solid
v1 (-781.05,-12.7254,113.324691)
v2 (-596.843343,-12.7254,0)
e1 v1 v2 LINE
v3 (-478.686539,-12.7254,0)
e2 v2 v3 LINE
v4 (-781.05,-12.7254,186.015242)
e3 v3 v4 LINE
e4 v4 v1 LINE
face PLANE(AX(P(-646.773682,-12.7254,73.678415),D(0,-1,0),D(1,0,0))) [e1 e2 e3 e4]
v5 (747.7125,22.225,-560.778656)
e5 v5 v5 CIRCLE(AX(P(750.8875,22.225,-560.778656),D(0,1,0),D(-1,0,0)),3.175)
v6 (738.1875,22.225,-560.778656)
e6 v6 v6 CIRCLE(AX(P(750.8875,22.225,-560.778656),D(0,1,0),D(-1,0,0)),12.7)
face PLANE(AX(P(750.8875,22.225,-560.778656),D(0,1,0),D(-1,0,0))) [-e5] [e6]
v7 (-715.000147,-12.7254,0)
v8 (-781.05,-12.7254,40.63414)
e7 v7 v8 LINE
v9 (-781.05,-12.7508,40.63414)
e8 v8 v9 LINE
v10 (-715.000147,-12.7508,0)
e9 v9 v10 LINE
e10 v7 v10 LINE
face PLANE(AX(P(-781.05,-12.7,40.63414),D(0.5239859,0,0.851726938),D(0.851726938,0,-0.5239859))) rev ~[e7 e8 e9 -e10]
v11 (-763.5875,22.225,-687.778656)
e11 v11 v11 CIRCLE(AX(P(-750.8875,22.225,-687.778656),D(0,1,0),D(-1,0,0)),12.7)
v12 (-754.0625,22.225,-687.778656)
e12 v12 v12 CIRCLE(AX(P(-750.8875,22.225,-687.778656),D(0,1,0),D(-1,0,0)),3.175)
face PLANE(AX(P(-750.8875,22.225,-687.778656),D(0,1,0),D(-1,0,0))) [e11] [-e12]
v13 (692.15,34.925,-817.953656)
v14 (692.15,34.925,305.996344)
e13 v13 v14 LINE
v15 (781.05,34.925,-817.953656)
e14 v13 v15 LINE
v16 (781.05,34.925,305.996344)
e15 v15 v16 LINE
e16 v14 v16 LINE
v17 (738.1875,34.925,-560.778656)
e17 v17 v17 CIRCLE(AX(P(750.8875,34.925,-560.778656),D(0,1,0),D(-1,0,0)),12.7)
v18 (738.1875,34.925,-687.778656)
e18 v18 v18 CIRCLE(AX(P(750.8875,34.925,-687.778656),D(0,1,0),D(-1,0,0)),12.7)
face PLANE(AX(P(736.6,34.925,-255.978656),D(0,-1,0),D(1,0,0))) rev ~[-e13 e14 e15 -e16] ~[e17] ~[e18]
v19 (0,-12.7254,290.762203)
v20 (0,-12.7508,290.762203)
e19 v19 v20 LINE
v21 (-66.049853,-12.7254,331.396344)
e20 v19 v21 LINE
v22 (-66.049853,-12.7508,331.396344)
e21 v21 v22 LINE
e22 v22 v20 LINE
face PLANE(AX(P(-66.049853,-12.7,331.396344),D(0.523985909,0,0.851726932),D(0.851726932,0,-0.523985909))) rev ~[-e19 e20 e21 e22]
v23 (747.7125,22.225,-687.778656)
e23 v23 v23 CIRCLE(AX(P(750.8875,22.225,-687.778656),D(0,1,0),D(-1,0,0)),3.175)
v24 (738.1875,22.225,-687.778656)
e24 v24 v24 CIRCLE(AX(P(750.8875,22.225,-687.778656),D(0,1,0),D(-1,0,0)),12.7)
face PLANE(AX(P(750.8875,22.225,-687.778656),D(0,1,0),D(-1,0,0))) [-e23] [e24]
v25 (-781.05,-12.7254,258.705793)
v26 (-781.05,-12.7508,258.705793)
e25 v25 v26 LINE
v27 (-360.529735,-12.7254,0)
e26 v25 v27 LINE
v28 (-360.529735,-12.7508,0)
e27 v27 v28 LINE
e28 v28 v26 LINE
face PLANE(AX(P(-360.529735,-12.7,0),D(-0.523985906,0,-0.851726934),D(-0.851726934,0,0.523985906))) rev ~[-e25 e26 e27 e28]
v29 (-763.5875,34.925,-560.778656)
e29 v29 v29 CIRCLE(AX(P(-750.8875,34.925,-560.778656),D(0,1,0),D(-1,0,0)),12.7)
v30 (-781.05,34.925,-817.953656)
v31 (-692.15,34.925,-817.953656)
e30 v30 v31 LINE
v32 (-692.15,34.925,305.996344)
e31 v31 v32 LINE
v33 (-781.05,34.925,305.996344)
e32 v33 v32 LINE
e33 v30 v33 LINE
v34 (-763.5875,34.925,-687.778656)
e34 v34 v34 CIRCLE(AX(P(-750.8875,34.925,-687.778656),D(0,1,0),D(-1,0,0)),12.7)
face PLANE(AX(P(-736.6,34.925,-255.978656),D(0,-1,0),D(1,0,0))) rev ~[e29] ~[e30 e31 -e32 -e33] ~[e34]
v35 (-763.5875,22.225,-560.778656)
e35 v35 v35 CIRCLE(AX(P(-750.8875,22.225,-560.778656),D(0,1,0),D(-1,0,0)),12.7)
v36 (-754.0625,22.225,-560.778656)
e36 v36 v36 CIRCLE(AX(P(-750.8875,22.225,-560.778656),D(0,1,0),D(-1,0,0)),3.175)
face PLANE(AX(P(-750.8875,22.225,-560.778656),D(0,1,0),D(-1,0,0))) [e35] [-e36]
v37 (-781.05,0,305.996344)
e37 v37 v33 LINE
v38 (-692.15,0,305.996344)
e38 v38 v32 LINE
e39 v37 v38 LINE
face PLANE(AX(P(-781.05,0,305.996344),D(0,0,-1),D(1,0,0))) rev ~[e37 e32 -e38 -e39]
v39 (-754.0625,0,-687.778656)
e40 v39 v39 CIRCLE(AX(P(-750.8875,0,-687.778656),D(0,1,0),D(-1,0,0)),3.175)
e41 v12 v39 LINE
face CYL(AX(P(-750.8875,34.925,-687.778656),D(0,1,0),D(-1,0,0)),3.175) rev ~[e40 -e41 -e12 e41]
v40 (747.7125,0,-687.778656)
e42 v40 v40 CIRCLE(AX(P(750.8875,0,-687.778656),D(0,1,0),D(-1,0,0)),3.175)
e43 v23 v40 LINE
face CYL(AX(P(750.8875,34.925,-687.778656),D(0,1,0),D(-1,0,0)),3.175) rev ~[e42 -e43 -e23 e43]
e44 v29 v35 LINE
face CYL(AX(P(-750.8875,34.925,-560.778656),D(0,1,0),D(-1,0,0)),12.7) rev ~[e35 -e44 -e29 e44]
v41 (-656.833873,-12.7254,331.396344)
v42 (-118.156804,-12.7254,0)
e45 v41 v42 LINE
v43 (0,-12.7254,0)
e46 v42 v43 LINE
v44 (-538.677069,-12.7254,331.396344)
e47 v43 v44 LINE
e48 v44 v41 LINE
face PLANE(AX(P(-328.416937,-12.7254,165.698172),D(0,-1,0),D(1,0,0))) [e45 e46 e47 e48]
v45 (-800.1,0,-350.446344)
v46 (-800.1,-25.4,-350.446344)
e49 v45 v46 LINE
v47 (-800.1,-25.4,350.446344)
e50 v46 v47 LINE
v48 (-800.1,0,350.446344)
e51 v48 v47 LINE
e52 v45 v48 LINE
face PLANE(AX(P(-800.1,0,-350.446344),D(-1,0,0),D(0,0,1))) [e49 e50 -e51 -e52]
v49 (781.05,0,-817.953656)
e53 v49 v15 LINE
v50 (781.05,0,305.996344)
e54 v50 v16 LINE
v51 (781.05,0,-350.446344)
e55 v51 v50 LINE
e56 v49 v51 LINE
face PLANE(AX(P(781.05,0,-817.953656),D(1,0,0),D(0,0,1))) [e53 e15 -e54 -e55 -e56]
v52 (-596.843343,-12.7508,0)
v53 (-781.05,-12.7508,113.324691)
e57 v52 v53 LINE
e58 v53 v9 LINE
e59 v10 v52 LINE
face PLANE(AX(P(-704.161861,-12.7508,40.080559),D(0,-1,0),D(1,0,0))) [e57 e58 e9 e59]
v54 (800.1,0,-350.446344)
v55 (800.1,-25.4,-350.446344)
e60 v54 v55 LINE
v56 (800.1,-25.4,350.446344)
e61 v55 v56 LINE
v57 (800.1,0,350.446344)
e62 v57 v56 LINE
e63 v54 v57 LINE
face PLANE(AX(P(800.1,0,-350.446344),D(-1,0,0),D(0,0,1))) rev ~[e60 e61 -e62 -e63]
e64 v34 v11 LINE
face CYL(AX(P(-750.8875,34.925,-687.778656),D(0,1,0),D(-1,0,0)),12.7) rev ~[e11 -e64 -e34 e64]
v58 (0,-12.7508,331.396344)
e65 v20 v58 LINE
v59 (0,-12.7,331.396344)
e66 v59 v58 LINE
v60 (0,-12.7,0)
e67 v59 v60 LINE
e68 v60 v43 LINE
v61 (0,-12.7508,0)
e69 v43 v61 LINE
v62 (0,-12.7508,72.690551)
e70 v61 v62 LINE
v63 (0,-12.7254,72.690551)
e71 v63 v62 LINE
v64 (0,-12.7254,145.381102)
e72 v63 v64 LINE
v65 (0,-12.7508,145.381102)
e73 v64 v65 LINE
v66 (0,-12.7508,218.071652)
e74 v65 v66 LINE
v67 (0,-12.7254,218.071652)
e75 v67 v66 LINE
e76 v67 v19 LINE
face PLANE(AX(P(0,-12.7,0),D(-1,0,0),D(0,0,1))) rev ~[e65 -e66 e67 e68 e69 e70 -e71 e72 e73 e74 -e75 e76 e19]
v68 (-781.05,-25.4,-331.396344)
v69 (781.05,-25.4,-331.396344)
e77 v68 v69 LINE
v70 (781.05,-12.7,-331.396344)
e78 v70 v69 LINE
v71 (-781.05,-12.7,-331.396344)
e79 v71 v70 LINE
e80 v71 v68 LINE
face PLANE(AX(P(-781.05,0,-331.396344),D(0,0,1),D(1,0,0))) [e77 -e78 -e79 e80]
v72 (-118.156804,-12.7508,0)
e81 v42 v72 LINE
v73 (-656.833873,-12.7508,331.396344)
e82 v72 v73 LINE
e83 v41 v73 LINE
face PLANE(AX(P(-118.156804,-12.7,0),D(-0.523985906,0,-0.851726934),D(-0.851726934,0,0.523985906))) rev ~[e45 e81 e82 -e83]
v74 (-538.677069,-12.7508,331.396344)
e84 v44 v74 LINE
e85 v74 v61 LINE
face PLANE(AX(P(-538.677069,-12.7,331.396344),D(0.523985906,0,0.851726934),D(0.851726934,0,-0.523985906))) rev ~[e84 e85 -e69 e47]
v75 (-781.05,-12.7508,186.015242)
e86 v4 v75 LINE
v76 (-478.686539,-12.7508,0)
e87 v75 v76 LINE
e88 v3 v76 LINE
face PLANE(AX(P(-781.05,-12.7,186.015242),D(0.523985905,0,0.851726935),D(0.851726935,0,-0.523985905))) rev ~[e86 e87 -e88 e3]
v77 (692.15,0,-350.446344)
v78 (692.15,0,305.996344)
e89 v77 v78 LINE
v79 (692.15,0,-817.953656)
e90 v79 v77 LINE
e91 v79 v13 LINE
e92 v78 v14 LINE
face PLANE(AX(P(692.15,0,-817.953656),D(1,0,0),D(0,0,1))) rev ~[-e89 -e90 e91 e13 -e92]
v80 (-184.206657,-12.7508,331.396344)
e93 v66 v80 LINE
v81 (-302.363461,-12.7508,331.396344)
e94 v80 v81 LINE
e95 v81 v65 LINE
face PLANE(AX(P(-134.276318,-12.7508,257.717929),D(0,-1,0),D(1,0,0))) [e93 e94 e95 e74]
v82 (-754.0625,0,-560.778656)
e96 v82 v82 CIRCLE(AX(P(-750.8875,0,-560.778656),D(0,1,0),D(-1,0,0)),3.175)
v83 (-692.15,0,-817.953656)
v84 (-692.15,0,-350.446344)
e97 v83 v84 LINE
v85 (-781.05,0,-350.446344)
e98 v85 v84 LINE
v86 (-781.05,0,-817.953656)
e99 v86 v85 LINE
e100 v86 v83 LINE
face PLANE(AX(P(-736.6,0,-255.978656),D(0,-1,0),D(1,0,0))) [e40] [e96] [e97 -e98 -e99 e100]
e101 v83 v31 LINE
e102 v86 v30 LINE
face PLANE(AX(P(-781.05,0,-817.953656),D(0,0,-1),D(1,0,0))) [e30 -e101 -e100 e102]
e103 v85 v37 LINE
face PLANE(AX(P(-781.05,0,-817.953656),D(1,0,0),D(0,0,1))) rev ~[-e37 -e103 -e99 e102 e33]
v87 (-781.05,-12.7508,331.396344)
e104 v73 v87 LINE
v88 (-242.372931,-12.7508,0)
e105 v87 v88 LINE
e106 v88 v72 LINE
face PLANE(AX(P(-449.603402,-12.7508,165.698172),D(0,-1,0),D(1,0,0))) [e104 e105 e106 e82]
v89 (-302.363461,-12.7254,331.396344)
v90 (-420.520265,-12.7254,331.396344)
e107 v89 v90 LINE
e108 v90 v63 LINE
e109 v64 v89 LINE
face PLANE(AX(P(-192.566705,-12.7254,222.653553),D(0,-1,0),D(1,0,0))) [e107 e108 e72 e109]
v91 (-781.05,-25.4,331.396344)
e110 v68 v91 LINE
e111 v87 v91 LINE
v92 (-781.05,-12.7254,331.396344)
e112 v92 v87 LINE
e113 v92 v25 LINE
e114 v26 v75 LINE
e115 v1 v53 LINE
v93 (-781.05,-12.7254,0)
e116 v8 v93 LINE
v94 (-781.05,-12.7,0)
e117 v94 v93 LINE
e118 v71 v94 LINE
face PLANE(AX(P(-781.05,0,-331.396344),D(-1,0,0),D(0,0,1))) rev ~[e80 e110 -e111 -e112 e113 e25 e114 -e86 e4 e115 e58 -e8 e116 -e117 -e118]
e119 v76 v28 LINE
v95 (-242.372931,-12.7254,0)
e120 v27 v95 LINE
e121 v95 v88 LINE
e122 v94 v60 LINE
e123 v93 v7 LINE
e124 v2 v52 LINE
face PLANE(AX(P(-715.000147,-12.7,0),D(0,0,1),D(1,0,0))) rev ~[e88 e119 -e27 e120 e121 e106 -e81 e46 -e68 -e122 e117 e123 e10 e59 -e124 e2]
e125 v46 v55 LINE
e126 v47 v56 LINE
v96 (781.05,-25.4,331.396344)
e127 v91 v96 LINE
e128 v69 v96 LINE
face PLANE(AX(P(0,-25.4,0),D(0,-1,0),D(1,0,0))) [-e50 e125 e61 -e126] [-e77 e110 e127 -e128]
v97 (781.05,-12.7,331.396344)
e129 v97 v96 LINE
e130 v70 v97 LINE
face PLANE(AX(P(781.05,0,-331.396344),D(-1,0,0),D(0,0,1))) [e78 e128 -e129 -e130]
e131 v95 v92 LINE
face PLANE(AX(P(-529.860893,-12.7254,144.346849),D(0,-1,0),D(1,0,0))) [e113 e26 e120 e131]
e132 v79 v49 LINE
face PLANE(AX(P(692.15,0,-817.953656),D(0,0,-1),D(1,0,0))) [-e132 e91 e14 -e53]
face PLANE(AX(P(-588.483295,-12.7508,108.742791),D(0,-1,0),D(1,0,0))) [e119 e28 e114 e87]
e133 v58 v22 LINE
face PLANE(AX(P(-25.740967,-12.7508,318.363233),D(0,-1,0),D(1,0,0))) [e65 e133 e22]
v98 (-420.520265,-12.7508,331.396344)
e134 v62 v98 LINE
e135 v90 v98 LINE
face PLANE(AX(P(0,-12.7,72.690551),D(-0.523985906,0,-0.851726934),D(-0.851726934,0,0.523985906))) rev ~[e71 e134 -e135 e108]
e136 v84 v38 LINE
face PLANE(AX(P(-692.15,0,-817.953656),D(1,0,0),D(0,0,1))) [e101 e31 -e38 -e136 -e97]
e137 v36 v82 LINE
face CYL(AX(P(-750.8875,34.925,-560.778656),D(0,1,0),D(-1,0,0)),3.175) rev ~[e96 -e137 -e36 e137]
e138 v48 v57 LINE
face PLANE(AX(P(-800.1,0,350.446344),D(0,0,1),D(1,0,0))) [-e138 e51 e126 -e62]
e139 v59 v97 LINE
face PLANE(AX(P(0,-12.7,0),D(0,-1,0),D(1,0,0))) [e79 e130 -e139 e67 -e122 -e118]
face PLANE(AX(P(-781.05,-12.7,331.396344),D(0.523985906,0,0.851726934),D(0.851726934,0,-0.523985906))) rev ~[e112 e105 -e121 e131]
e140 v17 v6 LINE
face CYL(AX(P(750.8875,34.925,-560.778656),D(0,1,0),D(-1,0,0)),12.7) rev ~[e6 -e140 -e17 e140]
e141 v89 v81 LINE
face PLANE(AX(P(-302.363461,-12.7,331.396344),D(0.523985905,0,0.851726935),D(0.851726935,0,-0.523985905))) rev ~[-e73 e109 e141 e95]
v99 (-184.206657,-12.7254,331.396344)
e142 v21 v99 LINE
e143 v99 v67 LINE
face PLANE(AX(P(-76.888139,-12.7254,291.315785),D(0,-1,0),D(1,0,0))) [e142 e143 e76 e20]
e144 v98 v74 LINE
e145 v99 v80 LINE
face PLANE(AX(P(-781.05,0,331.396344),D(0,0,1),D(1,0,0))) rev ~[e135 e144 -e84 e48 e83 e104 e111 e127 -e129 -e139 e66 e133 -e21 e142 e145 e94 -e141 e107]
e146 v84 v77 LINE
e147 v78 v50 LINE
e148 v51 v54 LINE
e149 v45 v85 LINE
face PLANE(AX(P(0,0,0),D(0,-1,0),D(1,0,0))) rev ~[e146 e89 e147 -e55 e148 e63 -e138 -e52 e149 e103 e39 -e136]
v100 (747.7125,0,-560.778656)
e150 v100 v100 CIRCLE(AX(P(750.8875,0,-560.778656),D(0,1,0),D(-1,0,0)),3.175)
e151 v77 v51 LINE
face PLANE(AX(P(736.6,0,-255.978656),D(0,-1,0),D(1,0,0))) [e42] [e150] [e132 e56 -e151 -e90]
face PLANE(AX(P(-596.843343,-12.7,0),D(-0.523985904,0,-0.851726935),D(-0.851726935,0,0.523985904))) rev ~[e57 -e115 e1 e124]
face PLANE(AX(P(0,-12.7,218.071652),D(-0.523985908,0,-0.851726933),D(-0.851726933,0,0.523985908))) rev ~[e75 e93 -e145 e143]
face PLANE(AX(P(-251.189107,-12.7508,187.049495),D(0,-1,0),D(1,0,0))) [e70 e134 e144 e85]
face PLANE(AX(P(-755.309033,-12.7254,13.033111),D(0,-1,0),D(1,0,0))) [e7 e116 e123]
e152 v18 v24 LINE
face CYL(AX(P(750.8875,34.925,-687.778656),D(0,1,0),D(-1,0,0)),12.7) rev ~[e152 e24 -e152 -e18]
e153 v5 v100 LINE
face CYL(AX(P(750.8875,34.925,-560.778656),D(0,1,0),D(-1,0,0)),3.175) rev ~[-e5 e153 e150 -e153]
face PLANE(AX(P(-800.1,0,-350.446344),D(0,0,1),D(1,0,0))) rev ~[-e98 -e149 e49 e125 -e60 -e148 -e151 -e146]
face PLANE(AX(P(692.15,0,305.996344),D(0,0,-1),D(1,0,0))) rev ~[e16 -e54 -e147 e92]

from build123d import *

# Parameters (mm, degrees)
F0_W      = 1562.1
F0_H      = 662.792688
F1_DEPTH  = 12.7
F2_W      = 1600.2
F2_H      = 700.892688
F2_W_2    = 1562.1
F2_H_2    = 662.792688
F3_DEPTH  = 25.4
F5_DEPTH  = 0.0254
F7_DEPTH  = 0.0508
F8_W      = 88.9
F8_H      = 1123.95
F9_DEPTH  = 34.925
F10_R     = 3.175
F11_DEPTH = 60.326
F12_R     = 12.7
F13_DEPTH = 12.7


with BuildPart() as f1:
    # F0 (on Front) → F1 (new body)
    with BuildSketch(Plane.XZ):
        Rectangle(F0_W, F0_H)
    extrude(amount=F1_DEPTH)

    # F2 (on Front) → F3 (join)
    with BuildSketch(Plane.XZ):
        Rectangle(F2_W, F2_H)
        Rectangle(F2_W_2, F2_H_2, mode=Mode.SUBTRACT)
    extrude(amount=F3_DEPTH)

    # F4 (on face) → F5 (join)
    with BuildSketch(Plane.XZ.offset(12.7)):
        Polygon((-118.156804, 0), (0, 0), (-538.677069, 331.396344), (-656.833873, 331.396344), align=None)
        Polygon((-242.372931, 0), (-781.05, 331.396344), (-781.05, 258.705793), (-360.529735, 0), align=None)
        Polygon((-596.843343, 0), (-478.686539, 0), (-781.05, 186.015242), (-781.05, 113.324691), align=None)
        Polygon((-781.05, 0), (-715.000147, 0), (-781.05, 40.63414), align=None)
        Polygon((-420.520265, 331.396344), (0, 72.690551), (0, 145.381102), (-302.363461, 331.396344), align=None)
        Polygon((-184.206657, 331.396344), (0, 218.071652), (0, 290.762203), (-66.049853, 331.396344), align=None)
    extrude(amount=F5_DEPTH)

    # F6 (on face) → F7 (join)
    with BuildSketch(Plane.XZ.offset(12.7)):
        Polygon((-596.843343, 0), (-781.05, 113.324691), (-781.05, 40.63414), (-715.000147, 0), align=None)
        Polygon((-781.05, 258.705793), (-781.05, 186.015242), (-478.686539, 0), (-360.529735, 0), align=None)
        Polygon((-656.833873, 331.396344), (-781.05, 331.396344), (-242.372931, 0), (-118.156804, 0), align=None)
        Polygon((-420.520265, 331.396344), (-538.677069, 331.396344), (0, 0), (0, 72.690551), align=None)
        Polygon((-184.206657, 331.396344), (-302.363461, 331.396344), (0, 145.381102), (0, 218.071652), align=None)
        Polygon((0, 331.396344), (-66.049853, 331.396344), (0, 290.762203), align=None)
    extrude(amount=F7_DEPTH)

    # F8 (on Front) → F9 (join)
    with BuildSketch(Plane.XZ):
        with Locations((736.6, -255.978656)):
            Rectangle(F8_W, F8_H)
        with Locations((-736.6, -255.978656)):
            Rectangle(F8_W, F8_H)
    extrude(amount=-F9_DEPTH)

    # F10 (on face) → F11 (cut, through all)
    with BuildSketch(Plane(origin=(0, 34.925, 0), x_dir=(-1, 0, 0), z_dir=(0, 1, 0))):
        with Locations((-750.8875, -687.778656)):
            Circle(F10_R)
        with Locations((-750.8875, -560.778656)):
            Circle(F10_R)
        with Locations((750.8875, -560.778656)):
            Circle(F10_R)
        with Locations((750.8875, -687.778656)):
            Circle(F10_R)
    extrude(amount=-F11_DEPTH, mode=Mode.SUBTRACT)

    # F12 (on face) → F13 (cut)
    with BuildSketch(Plane(origin=(0, 34.925, 0), x_dir=(-1, 0, 0), z_dir=(0, 1, 0))):
        with Locations((-750.8875, -687.778656)):
            Circle(F12_R)
        with Locations((-750.8875, -560.778656)):
            Circle(F12_R)
        with Locations((750.8875, -687.778656)):
            Circle(F12_R)
        with Locations((750.8875, -560.778656)):
            Circle(F12_R)
    extrude(amount=-F13_DEPTH, mode=Mode.SUBTRACT)


solid = f1.part
